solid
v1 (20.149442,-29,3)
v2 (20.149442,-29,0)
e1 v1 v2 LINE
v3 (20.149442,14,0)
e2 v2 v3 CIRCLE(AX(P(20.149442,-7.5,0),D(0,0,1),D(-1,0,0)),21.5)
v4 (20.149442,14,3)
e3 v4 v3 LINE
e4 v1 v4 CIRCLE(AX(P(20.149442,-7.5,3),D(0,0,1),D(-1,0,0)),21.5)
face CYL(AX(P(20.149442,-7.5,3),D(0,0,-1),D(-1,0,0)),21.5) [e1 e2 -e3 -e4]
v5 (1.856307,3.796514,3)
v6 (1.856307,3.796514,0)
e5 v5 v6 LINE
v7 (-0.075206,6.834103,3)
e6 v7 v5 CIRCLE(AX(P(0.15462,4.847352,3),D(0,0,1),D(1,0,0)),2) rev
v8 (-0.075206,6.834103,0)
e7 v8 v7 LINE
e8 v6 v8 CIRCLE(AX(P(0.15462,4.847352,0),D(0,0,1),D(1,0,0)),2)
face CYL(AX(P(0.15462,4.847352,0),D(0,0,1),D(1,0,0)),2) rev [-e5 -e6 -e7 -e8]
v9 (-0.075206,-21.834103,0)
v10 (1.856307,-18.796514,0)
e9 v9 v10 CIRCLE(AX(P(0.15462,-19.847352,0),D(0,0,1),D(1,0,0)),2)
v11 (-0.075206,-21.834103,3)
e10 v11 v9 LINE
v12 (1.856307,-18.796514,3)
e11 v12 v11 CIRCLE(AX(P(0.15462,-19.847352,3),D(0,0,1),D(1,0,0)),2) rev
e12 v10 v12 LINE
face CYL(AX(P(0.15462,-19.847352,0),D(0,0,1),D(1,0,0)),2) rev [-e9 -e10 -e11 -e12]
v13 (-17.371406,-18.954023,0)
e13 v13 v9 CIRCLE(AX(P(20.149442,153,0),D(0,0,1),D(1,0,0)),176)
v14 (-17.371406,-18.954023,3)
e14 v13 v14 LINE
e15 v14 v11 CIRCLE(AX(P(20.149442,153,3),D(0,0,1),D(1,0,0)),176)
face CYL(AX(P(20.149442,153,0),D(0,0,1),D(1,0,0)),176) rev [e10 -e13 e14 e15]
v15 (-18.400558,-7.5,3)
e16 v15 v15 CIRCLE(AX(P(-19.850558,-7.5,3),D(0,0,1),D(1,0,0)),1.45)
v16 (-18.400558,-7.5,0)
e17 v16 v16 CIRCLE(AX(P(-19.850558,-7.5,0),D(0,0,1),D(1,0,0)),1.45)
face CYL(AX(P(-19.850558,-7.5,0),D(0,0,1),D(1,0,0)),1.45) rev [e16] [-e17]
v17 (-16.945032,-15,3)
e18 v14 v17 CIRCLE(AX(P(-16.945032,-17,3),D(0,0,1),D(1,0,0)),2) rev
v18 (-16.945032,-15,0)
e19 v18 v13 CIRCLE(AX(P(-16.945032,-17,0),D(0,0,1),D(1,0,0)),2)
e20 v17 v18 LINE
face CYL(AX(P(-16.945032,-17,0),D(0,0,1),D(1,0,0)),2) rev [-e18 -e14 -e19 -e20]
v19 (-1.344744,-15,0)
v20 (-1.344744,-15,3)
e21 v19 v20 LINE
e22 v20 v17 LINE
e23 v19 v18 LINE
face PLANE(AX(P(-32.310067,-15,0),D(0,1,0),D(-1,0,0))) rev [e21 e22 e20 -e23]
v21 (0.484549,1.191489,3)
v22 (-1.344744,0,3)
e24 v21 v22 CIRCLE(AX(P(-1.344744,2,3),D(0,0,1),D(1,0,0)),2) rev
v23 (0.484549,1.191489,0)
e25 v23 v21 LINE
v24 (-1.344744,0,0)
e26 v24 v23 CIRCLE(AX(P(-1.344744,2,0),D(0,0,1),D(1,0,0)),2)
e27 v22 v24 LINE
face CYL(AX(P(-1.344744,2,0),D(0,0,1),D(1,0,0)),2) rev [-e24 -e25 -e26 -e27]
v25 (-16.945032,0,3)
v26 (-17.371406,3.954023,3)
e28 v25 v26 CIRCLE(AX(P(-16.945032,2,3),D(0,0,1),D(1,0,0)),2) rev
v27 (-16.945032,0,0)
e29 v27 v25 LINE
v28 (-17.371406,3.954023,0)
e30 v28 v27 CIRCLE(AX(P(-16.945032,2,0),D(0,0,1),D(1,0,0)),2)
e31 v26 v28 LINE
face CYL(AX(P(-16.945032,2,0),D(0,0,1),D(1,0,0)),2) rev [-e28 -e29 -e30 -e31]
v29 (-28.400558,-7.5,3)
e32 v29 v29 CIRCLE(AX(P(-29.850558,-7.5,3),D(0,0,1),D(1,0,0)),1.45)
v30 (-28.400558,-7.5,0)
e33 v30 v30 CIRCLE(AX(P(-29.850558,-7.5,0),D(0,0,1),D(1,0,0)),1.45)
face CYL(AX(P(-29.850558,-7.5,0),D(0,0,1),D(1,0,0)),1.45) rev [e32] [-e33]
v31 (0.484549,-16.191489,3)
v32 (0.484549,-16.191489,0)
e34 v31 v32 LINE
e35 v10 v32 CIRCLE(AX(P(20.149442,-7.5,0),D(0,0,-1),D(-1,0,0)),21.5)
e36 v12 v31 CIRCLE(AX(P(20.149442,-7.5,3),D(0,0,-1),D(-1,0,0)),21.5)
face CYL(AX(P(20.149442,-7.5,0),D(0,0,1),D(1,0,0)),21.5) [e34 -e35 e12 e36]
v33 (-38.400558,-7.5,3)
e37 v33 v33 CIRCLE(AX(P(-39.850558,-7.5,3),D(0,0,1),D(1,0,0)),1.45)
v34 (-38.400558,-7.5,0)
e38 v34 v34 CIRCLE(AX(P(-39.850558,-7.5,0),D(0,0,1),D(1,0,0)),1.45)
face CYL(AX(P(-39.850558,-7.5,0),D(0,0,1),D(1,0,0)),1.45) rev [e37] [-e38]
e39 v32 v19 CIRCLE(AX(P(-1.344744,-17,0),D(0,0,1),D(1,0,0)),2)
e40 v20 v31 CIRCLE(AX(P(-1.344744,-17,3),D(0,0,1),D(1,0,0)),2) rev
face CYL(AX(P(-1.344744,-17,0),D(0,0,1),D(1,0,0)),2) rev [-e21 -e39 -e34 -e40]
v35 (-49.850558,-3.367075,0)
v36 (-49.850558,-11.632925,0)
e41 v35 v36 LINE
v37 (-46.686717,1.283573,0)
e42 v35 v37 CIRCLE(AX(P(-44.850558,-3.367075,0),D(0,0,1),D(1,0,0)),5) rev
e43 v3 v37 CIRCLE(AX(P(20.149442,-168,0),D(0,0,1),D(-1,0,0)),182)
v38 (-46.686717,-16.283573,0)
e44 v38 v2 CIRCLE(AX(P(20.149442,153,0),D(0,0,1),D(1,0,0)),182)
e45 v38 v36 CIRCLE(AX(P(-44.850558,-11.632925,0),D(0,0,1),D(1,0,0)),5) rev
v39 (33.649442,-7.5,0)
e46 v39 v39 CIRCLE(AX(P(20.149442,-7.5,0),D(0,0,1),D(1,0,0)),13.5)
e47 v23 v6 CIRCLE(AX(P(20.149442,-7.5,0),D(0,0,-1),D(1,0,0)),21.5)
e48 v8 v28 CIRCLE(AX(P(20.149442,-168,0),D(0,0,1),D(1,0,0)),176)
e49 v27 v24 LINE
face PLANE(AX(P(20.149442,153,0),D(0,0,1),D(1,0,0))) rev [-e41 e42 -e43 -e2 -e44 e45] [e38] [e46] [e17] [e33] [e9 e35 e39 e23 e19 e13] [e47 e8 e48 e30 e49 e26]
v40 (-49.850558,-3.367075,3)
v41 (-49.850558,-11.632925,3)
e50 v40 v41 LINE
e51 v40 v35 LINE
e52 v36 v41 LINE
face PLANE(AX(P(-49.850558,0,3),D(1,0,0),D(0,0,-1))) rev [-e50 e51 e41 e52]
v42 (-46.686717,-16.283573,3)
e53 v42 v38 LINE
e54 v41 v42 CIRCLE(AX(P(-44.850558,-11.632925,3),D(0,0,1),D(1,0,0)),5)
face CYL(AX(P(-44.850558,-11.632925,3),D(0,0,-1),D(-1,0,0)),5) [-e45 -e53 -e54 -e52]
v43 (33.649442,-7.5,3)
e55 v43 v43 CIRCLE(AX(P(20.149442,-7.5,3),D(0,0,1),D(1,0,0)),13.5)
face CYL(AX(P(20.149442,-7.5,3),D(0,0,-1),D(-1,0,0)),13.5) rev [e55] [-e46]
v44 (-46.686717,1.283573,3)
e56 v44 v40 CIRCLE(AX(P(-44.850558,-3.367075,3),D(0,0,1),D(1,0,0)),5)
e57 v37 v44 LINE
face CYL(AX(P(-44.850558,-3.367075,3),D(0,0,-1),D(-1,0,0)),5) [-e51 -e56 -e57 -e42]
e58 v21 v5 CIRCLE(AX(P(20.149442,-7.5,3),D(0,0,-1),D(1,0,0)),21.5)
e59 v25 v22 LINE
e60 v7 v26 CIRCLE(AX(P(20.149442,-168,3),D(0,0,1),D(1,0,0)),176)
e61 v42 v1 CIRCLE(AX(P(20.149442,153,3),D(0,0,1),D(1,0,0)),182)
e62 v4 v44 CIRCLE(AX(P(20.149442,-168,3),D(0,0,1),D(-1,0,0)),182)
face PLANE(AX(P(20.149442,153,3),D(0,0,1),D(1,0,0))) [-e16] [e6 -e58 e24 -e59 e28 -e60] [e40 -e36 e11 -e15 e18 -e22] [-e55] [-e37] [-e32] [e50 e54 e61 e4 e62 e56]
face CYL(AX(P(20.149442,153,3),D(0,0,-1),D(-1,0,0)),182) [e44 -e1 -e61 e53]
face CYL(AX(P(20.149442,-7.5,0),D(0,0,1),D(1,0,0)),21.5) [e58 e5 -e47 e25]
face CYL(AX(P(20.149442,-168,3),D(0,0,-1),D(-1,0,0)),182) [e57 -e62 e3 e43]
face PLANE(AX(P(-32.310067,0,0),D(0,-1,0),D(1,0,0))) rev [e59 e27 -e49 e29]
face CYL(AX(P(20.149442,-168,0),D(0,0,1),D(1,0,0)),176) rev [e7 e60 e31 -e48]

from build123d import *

# Parameters (mm, degrees)
SKETCH_1_R          = 13.5
EXTRUDE_1_DEPTH     = 3
SKETCH_2_R          = 1.45
CUT_EXTRUDE_1_DEPTH = 58.750135626
FILLET_1_R          = 5
CUT_EXTRUDE_2_DEPTH = 58.750135626
FILLET_2_R          = 2


with BuildPart() as part:
    # 草图1 → 凸台-拉伸1 (new body)
    with BuildSketch(Plane.XY):
        with BuildLine():
            Line((-49.85055832, 0), (-49.85055832, -15))
            ThreePointArc((-49.85055832, -15), (-15.543694916, -25.465682976), (20.14944168, -29))
            ThreePointArc((20.14944168, -29), (41.64944168, -7.5), (20.14944168, 14))
            ThreePointArc((20.14944168, 14), (-15.543694916, 10.465682976), (-49.85055832, 0))
        make_face()
        with Locations((20.14944168, -7.5)):
            Circle(SKETCH_1_R, mode=Mode.SUBTRACT)
    extrude(amount=EXTRUDE_1_DEPTH)

    # 草图2 → 切除-拉伸1 (cut, through all)
    with BuildSketch(Plane.XY.offset(3)):
        with Locations((-39.85055832, -7.5)):
            Circle(SKETCH_2_R)
        with Locations((-29.85055832, -7.5)):
            Circle(SKETCH_2_R)
        with Locations((-19.85055832, -7.5)):
            Circle(SKETCH_2_R)
    extrude(amount=-CUT_EXTRUDE_1_DEPTH, mode=Mode.SUBTRACT)

    # 圆角1
    fillet_1_edges = [part.edges().sort_by_distance(p)[0] for p in [
        (-49.85055832, -15, 1.5),
        (-49.85055832, 0, 1.5),
    ]]
    fillet(fillet_1_edges, radius=FILLET_1_R)

    # 草图3 → 切除-拉伸2 (cut, through all)
    with BuildSketch(Plane.XY.offset(3)):
        with BuildLine():
            Line((-32.310066515, 0), (0, 0))
            ThreePointArc((0, 0), (1.911289465, 3.885069336), (4.562236757, 7.308411215))
            ThreePointArc((4.562236757, 7.308411215), (-14.069588262, 4.641414469), (-32.310066515, 0))
        make_face()
        with BuildLine():
            Line((-32.310066515, -15), (0, -15))
            ThreePointArc((0, -15), (1.911289465, -18.885069336), (4.562236757, -22.308411215))
            ThreePointArc((4.562236757, -22.308411215), (-14.069588262, -19.641414469), (-32.310066515, -15))
        make_face()
    extrude(amount=-CUT_EXTRUDE_2_DEPTH, mode=Mode.SUBTRACT)

    # 圆角2
    fillet_2_edges = [part.edges().sort_by_distance(p)[0] for p in [
        (0, -15, 1.5),
        (4.562236757, -22.308411215, 1.5),
        (-32.310066515, -15, 1.5),
        (4.562236757, 7.308411215, 1.5),
        (0, 0, 1.5),
        (-32.310066515, 0, 1.5),
    ]]
    fillet(fillet_2_edges, radius=FILLET_2_R)


solid = part.part
